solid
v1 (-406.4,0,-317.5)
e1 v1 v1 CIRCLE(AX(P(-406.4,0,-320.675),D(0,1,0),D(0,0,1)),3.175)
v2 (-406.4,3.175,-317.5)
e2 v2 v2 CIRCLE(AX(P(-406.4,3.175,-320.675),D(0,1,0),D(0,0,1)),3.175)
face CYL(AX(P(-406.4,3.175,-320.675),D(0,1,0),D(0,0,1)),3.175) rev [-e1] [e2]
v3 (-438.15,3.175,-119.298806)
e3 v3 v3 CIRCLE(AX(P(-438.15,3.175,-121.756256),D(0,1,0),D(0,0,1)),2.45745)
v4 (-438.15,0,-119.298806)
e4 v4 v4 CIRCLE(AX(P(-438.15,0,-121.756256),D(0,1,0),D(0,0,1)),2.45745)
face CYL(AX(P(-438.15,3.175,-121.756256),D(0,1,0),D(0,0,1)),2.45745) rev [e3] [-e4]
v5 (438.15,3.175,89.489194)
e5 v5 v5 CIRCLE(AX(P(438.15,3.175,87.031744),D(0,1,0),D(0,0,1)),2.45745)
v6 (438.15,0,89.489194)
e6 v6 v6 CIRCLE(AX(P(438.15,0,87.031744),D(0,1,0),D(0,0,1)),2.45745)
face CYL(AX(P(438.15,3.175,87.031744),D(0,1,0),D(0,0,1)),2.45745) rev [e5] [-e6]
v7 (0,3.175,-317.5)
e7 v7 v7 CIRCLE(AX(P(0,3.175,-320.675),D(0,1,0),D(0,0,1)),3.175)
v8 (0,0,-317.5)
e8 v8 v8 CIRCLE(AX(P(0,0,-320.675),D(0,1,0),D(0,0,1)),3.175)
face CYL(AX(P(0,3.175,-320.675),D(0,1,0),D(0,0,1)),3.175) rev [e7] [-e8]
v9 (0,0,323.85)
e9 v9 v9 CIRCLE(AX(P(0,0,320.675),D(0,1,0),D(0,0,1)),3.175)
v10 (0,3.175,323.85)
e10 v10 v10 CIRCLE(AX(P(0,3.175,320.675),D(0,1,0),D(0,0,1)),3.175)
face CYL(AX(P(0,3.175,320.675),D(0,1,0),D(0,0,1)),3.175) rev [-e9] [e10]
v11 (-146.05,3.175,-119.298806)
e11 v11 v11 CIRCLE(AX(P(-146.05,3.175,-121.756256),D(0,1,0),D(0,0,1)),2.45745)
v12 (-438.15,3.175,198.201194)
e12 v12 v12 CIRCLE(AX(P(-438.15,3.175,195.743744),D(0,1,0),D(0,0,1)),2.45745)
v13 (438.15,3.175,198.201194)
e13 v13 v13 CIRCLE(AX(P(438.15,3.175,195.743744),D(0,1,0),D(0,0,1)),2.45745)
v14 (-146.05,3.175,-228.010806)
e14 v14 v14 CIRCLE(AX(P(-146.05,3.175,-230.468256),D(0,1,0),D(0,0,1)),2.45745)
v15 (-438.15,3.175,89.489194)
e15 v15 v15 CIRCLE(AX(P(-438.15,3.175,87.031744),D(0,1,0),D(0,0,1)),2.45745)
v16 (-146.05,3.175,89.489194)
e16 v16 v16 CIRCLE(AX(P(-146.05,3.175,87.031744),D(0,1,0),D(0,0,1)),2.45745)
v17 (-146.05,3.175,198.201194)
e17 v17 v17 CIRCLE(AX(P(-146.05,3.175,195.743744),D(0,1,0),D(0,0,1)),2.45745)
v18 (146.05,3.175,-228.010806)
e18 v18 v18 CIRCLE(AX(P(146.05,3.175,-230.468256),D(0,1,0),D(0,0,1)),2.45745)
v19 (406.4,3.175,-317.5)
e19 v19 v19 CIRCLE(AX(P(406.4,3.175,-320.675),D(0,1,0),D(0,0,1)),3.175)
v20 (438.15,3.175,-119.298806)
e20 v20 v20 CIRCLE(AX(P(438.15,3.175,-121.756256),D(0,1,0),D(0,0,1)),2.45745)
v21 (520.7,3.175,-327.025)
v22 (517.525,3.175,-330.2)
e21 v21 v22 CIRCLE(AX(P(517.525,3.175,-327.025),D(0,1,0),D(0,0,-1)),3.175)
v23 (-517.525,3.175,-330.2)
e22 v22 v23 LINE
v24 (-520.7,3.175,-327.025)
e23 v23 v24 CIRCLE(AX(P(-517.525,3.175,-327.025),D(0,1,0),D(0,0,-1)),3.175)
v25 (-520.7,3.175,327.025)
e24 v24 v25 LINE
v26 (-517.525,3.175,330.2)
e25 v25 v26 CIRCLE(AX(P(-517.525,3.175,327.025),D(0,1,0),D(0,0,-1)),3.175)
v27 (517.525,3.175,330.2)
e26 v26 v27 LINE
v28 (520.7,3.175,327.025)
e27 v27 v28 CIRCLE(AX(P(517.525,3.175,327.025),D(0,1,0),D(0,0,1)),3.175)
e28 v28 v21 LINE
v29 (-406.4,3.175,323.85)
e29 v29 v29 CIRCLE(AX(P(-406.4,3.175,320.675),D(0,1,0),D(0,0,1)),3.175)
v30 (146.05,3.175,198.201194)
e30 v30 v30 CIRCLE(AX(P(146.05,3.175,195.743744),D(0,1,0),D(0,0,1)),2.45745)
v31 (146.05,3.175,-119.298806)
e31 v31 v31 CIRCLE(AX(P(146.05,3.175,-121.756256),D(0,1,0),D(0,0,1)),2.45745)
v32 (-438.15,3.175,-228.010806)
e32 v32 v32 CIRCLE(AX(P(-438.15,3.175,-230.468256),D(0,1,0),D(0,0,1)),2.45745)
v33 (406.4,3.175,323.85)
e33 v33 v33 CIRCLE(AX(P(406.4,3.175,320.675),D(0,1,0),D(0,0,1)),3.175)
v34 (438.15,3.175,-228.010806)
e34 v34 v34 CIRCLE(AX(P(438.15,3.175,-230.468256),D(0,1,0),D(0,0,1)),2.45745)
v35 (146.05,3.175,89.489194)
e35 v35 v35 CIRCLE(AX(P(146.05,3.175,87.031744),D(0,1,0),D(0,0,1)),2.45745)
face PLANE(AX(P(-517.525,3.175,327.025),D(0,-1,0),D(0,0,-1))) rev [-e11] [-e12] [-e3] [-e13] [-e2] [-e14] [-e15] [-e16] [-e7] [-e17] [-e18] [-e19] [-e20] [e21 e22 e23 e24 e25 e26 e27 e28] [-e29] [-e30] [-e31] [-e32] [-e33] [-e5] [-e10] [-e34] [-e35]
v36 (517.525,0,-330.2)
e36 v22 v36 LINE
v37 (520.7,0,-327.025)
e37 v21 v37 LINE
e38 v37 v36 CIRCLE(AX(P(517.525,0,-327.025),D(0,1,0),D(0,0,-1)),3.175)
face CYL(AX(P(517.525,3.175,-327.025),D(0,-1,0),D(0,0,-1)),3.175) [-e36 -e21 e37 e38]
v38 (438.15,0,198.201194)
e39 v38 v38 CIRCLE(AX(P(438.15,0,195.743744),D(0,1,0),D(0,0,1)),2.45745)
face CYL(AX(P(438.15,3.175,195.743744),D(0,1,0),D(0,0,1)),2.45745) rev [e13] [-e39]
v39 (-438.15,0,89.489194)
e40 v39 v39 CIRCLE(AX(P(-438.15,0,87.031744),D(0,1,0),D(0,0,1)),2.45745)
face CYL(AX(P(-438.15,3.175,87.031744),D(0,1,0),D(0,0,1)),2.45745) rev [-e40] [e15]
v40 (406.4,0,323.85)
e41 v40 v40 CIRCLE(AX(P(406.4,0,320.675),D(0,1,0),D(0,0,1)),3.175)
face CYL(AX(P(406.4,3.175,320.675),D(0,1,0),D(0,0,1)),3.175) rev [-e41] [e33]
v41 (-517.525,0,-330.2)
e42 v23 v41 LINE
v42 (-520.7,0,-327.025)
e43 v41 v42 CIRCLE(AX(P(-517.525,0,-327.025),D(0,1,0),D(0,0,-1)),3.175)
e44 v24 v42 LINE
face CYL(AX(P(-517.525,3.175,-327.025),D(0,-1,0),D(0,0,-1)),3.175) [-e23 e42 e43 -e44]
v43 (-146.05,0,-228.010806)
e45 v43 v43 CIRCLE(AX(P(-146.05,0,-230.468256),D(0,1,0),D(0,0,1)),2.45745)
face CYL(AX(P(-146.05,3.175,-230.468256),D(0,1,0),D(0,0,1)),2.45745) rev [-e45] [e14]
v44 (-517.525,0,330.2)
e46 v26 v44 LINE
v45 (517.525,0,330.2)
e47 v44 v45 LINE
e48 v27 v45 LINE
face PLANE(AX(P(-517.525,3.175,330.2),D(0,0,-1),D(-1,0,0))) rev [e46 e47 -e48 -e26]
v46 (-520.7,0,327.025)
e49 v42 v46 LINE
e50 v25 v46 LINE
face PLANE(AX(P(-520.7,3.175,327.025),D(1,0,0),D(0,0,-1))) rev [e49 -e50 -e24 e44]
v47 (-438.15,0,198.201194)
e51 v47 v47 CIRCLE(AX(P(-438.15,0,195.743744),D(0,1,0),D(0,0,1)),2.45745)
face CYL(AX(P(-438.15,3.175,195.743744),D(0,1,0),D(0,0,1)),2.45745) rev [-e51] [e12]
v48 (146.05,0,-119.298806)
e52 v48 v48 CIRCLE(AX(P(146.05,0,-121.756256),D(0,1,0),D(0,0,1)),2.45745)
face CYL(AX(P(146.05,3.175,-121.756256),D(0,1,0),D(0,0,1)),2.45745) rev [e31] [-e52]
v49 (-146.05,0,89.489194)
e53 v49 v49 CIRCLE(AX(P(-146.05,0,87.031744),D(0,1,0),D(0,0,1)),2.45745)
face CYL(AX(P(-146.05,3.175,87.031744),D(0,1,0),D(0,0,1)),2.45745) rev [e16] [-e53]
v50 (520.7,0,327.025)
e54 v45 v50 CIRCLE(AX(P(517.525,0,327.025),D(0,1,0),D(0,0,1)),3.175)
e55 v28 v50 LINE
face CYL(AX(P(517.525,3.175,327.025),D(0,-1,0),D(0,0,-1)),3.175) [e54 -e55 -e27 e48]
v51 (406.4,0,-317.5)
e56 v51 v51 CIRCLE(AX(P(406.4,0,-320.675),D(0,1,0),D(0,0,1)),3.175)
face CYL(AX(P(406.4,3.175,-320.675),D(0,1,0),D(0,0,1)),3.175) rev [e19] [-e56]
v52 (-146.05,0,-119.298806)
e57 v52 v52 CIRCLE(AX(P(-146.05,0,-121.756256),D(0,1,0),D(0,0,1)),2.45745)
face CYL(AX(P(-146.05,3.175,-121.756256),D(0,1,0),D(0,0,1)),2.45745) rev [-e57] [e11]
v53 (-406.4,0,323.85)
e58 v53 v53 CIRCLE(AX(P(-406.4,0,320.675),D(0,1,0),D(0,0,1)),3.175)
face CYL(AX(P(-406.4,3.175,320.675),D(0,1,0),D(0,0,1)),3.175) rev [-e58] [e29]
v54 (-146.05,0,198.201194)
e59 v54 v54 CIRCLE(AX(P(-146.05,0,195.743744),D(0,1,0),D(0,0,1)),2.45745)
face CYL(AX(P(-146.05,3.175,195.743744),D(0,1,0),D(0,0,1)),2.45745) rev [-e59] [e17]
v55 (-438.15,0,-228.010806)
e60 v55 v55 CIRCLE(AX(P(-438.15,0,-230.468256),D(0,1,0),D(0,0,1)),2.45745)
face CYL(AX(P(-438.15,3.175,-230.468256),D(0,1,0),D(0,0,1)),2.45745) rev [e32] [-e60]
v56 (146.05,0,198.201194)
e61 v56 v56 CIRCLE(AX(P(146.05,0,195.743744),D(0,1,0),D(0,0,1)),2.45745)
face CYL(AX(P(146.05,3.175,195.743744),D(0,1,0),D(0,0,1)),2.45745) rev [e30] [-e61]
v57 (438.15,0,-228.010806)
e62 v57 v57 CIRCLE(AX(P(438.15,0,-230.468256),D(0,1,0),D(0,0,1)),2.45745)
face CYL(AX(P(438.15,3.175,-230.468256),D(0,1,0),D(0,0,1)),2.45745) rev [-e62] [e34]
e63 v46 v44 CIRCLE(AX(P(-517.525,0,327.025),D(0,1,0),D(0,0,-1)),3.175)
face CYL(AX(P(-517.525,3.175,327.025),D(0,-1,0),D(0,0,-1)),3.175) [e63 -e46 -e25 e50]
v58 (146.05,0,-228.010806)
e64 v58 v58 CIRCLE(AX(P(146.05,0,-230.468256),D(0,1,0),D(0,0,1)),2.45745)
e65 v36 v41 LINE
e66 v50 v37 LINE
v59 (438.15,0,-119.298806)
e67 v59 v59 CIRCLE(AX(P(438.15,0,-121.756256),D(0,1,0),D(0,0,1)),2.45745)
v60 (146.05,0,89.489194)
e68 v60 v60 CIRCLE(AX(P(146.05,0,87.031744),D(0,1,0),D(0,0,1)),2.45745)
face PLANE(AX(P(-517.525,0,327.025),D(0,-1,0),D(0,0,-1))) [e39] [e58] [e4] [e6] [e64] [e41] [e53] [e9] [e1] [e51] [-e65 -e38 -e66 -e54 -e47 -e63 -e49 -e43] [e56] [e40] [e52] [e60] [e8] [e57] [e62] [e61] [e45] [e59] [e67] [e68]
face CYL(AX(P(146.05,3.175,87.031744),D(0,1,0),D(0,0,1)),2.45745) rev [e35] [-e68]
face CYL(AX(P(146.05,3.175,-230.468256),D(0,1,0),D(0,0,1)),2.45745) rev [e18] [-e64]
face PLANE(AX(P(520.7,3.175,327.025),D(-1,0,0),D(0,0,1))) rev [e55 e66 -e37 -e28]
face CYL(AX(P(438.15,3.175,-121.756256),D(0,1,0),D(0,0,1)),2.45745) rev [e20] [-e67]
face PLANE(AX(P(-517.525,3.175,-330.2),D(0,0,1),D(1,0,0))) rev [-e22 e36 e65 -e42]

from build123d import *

# Parameters (mm, degrees)
BOSS_EXTRUDE1_DEPTH          = 3.175
F_1_4_0_25_DIAMETER_HOLE1_D  = 6.35
F_10_0_1935_DIAMETER_HOLE1_D = 4.9149


with BuildPart() as part:
    # Sketch1 → Boss-Extrude1 (new body)
    with BuildSketch(Plane(origin=(0, 0, 0), x_dir=(1, 0, 0), z_dir=(0, 1, 0))):
        with BuildLine():
            Line((-517.525, -330.2), (517.525, -330.2))
            ThreePointArc((517.525, -330.2), (519.77006403, -329.27006403), (520.7, -327.025))
            Line((520.7, -327.025), (520.7, 327.025))
            ThreePointArc((520.7, 327.025), (519.77006403, 329.27006403), (517.525, 330.2))
            Line((517.525, 330.2), (-517.525, 330.2))
            ThreePointArc((-517.525, 330.2), (-519.77006403, 329.27006403), (-520.7, 327.025))
            Line((-520.7, 327.025), (-520.7, -327.025))
            ThreePointArc((-520.7, -327.025), (-519.77006403, -329.27006403), (-517.525, -330.2))
        make_face()
    extrude(amount=BOSS_EXTRUDE1_DEPTH)

    # 1/4 (0.25) Diameter Hole1 (through all)
    with Locations(Plane(origin=(0, 3.175, 0), x_dir=(1, 0, 0), z_dir=(0, 1, 0))):
        with Locations((-406.4, 320.675), (0, 320.675), (406.4, 320.675), (406.4, -320.675), (0, -320.675), (-406.4, -320.675)):
            Hole(F_1_4_0_25_DIAMETER_HOLE1_D / 2)

    # #10 (0.1935) Diameter Hole1 (through all)
    with Locations(Plane(origin=(-438.15, 3.175, -230.468256121), x_dir=(0, 0, 1), z_dir=(0, 1, 0))):
        with Locations((0, 0), (108.712, 0), (108.712, 292.1), (0, 292.1), (108.712, 584.2), (0, 584.2), (0, 876.3), (108.712, 876.3), (317.5, 0), (426.212, 0), (426.212, 292.1), (317.5, 292.1), (317.5, 584.2), (426.212, 584.2), (317.5, 876.3), (426.212, 876.3)):
            Hole(F_10_0_1935_DIAMETER_HOLE1_D / 2)


solid = part.part
